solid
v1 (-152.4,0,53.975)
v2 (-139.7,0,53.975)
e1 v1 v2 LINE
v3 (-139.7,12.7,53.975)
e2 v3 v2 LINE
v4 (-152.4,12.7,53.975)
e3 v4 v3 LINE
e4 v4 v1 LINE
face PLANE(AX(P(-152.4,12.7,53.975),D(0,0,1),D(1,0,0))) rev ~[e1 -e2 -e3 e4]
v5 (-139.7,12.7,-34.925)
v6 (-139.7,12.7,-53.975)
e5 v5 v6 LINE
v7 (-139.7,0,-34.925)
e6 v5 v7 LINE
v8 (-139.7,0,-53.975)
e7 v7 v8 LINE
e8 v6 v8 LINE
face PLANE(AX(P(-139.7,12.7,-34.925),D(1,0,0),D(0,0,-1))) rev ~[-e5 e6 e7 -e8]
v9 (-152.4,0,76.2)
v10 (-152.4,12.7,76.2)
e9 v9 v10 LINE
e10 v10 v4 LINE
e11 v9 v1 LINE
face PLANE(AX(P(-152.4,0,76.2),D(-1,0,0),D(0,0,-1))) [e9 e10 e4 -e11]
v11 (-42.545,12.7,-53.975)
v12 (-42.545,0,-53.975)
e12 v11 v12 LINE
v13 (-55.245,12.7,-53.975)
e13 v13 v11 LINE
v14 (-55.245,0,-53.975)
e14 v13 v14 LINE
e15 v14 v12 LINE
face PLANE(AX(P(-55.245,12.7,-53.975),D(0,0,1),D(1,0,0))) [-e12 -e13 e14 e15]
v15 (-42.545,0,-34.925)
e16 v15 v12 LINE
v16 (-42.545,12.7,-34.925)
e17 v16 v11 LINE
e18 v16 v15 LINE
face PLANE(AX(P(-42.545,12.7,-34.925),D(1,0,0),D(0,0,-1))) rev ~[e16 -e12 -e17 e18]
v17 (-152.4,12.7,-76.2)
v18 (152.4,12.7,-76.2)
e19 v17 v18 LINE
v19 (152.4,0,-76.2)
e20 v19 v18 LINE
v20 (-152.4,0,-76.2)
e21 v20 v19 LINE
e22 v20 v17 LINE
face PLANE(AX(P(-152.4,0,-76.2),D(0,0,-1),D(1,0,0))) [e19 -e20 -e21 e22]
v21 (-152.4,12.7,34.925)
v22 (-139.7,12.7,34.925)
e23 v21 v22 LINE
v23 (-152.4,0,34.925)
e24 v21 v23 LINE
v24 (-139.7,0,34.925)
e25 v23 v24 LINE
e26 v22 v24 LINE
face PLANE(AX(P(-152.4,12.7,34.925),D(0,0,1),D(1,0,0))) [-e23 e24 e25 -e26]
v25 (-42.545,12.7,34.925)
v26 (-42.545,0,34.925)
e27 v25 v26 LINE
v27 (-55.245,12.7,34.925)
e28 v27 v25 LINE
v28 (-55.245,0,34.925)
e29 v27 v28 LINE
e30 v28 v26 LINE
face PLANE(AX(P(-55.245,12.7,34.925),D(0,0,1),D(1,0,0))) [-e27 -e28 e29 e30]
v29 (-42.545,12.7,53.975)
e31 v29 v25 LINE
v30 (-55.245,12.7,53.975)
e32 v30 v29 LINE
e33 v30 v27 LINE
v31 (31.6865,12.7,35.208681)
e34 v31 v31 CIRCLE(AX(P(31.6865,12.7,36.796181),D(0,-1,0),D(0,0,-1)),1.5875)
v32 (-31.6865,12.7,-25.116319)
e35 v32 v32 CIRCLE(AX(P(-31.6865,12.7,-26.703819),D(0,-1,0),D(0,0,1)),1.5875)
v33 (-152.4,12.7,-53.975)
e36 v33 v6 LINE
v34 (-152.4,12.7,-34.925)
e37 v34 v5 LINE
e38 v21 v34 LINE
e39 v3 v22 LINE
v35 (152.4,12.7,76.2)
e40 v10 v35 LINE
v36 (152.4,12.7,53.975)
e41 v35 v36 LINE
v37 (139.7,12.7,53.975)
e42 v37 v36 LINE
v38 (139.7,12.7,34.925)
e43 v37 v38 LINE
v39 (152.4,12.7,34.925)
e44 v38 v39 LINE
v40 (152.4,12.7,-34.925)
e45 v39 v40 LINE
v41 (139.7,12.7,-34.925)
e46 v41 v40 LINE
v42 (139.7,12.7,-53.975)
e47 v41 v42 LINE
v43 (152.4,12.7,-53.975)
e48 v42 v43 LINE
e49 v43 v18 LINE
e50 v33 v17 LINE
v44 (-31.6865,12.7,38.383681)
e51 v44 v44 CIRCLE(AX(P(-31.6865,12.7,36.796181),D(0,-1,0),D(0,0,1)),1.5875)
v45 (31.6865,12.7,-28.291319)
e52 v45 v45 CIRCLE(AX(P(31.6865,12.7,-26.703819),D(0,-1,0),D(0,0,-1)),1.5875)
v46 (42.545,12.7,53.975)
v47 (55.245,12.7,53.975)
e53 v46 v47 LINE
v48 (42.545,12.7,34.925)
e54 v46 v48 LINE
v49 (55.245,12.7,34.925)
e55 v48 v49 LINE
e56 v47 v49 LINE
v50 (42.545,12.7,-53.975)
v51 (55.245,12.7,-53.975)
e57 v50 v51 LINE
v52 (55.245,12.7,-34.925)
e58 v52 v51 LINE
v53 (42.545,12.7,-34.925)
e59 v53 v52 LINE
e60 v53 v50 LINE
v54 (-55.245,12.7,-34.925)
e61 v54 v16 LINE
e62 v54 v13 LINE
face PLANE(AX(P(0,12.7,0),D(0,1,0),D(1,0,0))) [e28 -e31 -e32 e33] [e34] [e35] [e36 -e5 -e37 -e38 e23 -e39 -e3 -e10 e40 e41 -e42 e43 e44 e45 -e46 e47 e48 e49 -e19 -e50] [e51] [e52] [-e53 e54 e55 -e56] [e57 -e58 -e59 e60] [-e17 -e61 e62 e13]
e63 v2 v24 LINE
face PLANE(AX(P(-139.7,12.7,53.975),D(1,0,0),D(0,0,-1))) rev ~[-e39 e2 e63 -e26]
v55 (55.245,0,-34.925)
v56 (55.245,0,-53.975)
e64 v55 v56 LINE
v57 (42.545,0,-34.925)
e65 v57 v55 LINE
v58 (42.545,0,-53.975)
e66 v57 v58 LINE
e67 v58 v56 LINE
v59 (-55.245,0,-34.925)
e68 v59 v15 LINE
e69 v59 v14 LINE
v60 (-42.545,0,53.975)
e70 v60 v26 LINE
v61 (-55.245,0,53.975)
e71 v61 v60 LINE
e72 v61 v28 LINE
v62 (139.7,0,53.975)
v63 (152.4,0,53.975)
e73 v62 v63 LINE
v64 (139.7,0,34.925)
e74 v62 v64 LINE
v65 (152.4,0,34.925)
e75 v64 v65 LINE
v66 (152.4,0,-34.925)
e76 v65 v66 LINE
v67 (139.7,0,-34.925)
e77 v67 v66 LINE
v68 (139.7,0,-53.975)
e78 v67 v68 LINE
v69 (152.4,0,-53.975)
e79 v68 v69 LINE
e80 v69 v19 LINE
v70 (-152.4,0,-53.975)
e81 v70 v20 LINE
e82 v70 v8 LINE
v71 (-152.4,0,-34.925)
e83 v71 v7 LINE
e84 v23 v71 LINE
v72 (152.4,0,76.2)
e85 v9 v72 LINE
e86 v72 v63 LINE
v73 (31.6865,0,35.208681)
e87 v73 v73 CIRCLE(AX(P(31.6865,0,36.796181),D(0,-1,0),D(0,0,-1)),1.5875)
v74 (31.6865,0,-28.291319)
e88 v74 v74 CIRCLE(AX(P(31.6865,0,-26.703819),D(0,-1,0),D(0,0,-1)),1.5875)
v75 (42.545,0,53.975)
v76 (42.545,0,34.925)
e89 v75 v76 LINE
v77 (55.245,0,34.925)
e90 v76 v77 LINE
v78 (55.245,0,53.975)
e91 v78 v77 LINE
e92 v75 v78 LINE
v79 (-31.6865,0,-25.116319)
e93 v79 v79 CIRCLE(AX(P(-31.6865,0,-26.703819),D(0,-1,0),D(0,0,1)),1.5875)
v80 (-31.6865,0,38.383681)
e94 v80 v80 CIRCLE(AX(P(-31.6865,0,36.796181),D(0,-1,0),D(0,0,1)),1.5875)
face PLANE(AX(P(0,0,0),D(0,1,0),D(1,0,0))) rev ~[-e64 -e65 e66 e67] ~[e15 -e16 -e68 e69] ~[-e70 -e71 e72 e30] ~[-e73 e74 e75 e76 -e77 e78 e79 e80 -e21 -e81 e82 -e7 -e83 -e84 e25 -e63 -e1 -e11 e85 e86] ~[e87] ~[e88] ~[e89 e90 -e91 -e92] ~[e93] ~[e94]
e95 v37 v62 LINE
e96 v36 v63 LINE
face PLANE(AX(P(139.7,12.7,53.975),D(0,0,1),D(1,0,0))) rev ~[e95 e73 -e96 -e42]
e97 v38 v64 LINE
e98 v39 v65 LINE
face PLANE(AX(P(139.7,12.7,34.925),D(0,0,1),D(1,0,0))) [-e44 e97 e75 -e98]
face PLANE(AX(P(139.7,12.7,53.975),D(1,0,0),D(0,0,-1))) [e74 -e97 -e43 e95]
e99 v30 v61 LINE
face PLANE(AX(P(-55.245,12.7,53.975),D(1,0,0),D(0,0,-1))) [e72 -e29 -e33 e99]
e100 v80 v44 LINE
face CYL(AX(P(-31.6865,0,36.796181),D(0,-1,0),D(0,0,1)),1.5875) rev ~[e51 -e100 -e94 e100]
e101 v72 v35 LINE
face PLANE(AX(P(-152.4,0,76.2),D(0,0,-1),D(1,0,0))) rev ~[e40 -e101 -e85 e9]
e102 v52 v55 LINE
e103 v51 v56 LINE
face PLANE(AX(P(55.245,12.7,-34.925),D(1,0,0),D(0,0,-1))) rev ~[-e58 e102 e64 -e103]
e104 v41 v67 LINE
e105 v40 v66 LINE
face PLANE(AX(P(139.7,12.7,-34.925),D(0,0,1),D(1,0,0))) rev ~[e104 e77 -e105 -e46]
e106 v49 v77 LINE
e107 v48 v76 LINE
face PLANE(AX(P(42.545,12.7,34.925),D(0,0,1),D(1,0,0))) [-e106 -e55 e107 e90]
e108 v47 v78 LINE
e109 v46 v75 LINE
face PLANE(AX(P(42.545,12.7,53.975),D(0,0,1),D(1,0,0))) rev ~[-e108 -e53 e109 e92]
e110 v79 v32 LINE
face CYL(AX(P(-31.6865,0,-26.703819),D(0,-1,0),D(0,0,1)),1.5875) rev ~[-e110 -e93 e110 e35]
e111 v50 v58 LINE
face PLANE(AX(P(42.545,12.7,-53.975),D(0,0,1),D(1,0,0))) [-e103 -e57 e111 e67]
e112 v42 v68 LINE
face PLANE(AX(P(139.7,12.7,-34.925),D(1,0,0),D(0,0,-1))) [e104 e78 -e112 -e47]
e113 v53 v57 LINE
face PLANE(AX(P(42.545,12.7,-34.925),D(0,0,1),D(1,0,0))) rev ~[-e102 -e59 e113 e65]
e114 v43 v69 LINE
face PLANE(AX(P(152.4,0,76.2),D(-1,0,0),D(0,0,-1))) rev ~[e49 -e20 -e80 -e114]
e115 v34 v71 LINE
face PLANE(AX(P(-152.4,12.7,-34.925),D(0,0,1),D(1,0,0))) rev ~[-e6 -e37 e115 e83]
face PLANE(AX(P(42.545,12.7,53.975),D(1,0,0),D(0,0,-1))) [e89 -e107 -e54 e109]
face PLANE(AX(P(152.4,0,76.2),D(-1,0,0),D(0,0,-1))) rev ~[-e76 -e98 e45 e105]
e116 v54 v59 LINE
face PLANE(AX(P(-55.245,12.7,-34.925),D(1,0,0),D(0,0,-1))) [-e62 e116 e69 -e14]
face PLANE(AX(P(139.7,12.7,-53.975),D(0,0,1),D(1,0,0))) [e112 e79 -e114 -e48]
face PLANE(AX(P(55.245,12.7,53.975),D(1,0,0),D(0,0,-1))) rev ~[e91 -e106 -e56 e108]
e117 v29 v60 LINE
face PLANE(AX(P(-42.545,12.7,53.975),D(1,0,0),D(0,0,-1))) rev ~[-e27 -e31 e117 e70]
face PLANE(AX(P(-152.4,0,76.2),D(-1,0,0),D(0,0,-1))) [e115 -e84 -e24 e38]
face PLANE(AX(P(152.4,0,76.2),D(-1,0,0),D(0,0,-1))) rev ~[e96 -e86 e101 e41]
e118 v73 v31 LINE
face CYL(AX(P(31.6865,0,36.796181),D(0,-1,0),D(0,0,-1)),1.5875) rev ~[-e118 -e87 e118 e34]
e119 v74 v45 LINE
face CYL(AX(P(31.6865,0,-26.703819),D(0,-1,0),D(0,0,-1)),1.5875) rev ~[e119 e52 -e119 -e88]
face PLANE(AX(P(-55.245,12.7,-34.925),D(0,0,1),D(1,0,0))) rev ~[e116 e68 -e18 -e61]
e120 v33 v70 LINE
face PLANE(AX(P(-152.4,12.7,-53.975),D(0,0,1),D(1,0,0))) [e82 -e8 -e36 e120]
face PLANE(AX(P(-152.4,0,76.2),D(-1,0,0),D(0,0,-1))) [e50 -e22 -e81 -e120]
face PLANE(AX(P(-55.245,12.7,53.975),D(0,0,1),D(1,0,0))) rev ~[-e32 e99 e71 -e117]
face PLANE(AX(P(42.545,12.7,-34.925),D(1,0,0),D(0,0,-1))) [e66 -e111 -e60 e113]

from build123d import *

# Parameters (mm, degrees)
SKETCH1_W          = 304.8
SKETCH1_H          = 152.4
EXTRUDE1_DEPTH     = 12.7
SKETCH2_W          = 12.7
SKETCH2_H          = 19.05
EXTRUDE2_DEPTH     = 171.861025398
SKETCH3_R          = 1.5875
CUT_EXTRUDE1_DEPTH = 171.861025398


with BuildPart() as part:
    # Sketch1 → Extrude1 (new body)
    with BuildSketch(Plane(origin=(0, 0, 0), x_dir=(1, 0, 0), z_dir=(0, 1, 0))):
        Rectangle(SKETCH1_W, SKETCH1_H)
    extrude(amount=EXTRUDE1_DEPTH)

    # Sketch2 → Extrude2 (cut, through all)
    with BuildSketch(Plane(origin=(0, 12.7, 0), x_dir=(1, 0, 0), z_dir=(0, 1, 0))):
        with Locations((-48.895, 44.45)):
            Rectangle(SKETCH2_W, SKETCH2_H)
        with Locations((48.895, 44.45)):
            Rectangle(SKETCH2_W, SKETCH2_H)
        with Locations((-48.895, -44.45)):
            Rectangle(SKETCH2_W, SKETCH2_H)
        with Locations((48.895, -44.45)):
            Rectangle(SKETCH2_W, SKETCH2_H)
        with Locations((146.05, 44.45)):
            Rectangle(SKETCH2_W, SKETCH2_H)
        with Locations((-146.05, 44.45)):
            Rectangle(SKETCH2_W, SKETCH2_H)
        with Locations((146.05, -44.45)):
            Rectangle(SKETCH2_W, SKETCH2_H)
        with Locations((-146.05, -44.45)):
            Rectangle(SKETCH2_W, SKETCH2_H)
    extrude(amount=-EXTRUDE2_DEPTH, mode=Mode.SUBTRACT)

    # Sketch3 → Cut-Extrude1 (cut, through all)
    with BuildSketch(Plane.XZ):
        with Locations(Location((31.6865, 36.796180661, 0), (0, 0, 270))):
            Circle(SKETCH3_R)
        with Locations(Location((31.6865, -26.703819339, 0), (0, 0, 270))):
            Circle(SKETCH3_R)
        with Locations(Location((-31.6865, -26.703819339, 0), (0, 0, 90))):
            Circle(SKETCH3_R)
        with Locations(Location((-31.6865, 36.796180661, 0), (0, 0, 90))):
            Circle(SKETCH3_R)
    extrude(amount=-CUT_EXTRUDE1_DEPTH, mode=Mode.SUBTRACT)


solid = part.part
